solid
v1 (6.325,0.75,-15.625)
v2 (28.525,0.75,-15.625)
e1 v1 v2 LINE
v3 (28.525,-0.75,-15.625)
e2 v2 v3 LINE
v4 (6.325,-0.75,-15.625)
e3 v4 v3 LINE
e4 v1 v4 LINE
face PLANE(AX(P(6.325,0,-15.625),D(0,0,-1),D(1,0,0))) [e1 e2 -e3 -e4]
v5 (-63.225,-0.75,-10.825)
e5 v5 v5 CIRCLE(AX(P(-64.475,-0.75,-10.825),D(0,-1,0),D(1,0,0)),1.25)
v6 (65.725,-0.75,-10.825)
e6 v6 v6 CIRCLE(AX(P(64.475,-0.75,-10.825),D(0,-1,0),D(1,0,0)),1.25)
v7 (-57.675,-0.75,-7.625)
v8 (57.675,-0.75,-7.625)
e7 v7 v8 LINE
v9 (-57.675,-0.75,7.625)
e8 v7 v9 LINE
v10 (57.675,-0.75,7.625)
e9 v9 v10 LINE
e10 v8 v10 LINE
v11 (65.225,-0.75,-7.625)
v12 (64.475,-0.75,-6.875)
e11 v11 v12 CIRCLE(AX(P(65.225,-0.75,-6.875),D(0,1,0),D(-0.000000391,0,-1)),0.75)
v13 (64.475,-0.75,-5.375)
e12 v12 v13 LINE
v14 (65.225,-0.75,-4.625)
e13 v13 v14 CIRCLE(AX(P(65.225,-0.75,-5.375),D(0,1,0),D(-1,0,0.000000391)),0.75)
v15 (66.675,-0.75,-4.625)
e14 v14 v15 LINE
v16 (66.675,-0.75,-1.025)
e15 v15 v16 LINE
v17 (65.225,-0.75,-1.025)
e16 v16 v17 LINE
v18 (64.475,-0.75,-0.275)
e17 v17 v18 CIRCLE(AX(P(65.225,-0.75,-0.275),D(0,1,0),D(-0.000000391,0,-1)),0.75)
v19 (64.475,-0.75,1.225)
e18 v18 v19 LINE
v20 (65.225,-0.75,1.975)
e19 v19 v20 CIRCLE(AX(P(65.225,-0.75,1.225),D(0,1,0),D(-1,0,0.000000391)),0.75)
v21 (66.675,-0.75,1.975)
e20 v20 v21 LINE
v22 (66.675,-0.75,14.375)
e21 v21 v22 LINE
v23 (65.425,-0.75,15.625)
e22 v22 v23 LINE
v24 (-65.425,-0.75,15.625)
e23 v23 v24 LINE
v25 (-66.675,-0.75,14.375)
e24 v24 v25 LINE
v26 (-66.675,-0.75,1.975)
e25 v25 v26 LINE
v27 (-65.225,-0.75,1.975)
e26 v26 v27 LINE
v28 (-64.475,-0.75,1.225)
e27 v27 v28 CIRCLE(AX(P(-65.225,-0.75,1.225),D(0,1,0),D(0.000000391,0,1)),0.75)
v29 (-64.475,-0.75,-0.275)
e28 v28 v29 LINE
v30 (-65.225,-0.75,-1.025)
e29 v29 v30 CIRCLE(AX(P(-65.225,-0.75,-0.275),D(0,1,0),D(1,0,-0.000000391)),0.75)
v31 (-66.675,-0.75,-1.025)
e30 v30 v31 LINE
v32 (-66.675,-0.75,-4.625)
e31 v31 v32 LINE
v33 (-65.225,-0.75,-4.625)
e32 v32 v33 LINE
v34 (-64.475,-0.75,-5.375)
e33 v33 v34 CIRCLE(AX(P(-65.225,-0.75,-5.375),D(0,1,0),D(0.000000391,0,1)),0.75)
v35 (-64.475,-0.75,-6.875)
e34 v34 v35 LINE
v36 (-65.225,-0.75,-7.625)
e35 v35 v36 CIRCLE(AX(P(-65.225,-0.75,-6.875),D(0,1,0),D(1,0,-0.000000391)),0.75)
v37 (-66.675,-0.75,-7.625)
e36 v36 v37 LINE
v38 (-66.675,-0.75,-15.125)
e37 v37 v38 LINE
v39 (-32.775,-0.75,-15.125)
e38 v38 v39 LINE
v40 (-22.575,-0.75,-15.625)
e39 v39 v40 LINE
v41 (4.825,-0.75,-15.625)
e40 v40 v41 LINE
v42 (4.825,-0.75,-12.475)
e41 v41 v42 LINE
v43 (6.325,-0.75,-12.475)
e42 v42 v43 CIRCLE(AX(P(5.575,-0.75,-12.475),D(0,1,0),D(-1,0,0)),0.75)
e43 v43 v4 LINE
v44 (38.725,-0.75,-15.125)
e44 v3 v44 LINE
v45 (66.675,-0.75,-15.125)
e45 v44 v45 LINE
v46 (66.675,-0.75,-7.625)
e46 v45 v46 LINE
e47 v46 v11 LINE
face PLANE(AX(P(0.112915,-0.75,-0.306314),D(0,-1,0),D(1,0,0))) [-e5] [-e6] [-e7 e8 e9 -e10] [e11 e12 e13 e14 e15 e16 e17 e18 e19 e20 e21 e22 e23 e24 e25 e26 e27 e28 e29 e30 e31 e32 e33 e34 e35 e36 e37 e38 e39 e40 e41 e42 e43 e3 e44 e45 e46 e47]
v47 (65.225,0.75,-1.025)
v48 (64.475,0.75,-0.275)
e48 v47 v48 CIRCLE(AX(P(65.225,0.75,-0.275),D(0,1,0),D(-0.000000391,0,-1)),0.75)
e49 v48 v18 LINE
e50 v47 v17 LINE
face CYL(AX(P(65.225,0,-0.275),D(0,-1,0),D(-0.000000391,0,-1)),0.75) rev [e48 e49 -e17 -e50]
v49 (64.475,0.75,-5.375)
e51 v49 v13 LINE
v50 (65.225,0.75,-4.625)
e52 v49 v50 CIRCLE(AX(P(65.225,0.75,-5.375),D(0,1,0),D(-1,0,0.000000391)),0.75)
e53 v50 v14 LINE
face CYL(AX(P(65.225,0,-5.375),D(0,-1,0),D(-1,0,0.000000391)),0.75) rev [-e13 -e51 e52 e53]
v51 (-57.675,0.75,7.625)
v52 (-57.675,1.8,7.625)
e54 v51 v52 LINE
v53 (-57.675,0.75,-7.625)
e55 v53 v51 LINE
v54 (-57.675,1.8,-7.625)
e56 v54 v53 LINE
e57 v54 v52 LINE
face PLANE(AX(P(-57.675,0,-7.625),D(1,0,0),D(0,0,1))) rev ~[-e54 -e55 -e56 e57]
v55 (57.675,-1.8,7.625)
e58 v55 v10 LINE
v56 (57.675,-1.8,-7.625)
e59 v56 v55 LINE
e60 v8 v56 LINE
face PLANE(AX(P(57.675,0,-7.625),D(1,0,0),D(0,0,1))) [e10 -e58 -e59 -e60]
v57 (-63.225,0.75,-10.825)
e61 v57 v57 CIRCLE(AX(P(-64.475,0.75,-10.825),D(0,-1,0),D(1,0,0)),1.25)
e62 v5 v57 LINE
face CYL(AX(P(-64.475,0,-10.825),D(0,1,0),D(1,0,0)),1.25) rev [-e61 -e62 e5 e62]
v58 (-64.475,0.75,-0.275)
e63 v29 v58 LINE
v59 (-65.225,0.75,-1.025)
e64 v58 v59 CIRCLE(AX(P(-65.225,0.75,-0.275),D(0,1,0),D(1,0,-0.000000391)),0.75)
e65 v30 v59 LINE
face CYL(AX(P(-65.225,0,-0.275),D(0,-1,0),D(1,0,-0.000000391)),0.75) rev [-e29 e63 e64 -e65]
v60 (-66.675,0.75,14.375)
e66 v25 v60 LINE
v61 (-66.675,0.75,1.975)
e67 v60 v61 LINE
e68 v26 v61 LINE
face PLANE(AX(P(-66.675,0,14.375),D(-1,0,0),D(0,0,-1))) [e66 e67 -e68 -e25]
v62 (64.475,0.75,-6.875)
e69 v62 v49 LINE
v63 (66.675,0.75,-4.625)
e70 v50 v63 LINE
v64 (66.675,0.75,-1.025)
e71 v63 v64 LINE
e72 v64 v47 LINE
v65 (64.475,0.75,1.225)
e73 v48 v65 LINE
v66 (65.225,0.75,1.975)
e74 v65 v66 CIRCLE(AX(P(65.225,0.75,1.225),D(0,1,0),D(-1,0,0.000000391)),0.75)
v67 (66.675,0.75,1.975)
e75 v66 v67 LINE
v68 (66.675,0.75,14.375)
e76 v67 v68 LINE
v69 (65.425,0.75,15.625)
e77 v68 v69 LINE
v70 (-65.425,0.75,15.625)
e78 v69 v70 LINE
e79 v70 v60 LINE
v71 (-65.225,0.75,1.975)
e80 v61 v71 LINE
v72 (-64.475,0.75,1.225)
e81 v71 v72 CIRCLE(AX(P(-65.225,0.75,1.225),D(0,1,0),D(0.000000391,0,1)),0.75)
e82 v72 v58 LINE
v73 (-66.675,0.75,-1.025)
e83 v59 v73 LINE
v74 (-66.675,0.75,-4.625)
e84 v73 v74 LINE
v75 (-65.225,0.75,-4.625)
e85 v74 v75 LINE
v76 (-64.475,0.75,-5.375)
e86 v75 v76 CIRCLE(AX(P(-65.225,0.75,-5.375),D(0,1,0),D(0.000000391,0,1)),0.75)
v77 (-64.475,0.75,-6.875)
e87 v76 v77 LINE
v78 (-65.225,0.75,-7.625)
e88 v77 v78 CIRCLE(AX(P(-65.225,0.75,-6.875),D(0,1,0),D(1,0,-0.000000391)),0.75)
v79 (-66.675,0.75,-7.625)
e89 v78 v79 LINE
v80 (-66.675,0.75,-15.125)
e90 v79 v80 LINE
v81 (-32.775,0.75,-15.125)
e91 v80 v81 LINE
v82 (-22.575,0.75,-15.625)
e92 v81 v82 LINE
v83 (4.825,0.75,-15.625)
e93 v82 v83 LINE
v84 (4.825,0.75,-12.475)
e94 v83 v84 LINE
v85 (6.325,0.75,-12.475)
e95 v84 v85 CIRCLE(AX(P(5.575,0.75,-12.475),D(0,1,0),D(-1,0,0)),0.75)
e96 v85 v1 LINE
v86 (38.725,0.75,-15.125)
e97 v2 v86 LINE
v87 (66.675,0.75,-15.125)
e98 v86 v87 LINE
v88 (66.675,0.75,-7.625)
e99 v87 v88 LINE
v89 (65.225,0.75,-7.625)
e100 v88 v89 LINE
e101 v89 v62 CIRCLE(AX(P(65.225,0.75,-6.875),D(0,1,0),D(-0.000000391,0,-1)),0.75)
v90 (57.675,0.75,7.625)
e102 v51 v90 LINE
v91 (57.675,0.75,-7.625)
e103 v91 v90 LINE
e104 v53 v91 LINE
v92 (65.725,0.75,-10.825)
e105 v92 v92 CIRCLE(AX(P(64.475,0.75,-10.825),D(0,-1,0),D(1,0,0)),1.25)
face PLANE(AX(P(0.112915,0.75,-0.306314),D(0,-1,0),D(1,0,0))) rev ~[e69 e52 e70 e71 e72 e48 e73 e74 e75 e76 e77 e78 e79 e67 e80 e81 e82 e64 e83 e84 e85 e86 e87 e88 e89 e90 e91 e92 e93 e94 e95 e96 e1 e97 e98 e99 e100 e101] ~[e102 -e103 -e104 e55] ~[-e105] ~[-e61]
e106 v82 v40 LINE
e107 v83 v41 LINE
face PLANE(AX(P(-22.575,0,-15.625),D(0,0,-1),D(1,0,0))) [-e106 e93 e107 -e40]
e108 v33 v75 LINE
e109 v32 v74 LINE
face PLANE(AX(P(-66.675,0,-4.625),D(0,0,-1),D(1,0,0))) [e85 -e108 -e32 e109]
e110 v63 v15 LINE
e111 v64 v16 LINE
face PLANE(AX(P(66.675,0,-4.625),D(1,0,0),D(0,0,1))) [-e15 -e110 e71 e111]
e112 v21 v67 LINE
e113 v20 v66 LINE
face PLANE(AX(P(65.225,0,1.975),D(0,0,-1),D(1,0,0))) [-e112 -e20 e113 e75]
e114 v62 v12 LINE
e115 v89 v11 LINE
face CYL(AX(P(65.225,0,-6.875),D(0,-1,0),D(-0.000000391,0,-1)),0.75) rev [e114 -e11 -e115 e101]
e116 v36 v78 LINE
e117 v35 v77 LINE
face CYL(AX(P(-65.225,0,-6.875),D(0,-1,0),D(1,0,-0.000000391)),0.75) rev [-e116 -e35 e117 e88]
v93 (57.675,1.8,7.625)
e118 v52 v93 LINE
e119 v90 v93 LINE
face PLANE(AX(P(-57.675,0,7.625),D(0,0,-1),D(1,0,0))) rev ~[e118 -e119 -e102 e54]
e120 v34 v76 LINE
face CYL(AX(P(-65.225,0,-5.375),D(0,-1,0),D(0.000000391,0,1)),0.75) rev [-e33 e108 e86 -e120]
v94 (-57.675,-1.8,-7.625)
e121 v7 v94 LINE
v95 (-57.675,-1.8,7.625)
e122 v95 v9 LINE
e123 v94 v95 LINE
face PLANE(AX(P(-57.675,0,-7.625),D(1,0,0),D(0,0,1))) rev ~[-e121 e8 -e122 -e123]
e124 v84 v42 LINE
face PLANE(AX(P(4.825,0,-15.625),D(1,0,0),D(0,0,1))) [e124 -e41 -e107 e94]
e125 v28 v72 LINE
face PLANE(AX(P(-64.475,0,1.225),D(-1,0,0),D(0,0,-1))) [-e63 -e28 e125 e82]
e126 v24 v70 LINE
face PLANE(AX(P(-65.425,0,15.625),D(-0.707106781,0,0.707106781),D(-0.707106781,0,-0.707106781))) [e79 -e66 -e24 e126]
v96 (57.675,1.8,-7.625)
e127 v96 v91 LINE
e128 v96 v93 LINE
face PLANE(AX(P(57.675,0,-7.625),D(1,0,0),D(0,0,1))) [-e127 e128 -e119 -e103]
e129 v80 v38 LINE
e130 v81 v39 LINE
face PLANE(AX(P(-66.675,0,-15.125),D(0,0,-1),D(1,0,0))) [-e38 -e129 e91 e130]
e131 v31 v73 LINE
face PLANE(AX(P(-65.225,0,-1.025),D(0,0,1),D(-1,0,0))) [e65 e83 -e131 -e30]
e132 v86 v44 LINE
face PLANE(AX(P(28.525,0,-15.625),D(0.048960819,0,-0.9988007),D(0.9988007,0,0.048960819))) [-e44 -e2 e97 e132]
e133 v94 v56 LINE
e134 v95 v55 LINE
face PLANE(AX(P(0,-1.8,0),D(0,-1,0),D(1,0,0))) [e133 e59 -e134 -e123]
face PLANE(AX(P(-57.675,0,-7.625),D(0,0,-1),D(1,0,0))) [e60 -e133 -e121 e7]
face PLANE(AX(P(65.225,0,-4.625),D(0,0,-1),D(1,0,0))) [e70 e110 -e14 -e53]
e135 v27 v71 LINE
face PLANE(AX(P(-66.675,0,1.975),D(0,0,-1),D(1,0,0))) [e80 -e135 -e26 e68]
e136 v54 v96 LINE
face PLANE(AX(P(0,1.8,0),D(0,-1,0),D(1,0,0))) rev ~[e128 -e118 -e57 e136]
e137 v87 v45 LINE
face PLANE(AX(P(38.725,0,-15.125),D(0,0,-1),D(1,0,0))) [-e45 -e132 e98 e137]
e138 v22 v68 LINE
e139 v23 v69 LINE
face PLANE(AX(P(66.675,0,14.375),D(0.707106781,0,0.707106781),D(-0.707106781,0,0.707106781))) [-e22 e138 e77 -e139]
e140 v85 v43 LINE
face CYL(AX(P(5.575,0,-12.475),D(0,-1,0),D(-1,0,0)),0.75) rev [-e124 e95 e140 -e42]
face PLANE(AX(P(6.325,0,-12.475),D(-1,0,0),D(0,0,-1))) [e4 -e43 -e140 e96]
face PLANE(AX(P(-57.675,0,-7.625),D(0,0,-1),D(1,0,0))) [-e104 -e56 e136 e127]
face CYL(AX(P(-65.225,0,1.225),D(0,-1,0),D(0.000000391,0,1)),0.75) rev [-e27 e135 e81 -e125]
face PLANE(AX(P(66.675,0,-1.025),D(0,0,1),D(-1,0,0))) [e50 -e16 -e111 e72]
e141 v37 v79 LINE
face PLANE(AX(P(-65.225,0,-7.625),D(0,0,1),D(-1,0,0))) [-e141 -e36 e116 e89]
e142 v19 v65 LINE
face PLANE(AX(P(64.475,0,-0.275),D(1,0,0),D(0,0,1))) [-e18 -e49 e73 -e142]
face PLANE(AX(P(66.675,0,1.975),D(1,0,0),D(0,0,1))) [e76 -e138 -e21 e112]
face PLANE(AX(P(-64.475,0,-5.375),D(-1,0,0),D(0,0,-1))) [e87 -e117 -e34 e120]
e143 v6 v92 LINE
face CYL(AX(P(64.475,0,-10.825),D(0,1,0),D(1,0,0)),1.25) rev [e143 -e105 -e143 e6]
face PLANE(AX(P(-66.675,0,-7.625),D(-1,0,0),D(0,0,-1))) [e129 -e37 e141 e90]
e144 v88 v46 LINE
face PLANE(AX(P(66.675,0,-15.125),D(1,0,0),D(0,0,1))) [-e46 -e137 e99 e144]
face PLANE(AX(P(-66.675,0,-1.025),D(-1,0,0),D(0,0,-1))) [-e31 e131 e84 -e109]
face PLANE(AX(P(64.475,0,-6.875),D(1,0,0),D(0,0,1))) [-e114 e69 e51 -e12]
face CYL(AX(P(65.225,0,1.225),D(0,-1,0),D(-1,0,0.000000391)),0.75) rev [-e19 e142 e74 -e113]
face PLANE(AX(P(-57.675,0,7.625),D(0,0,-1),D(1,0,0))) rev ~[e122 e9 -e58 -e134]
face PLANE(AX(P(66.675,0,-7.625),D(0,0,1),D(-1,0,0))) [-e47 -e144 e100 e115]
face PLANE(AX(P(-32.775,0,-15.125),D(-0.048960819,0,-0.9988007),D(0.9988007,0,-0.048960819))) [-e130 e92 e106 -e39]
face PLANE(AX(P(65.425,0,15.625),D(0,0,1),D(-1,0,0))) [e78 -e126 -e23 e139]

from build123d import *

# Parameters (mm, degrees)
F0_R     = 1.25
F1_DEPTH = 0.75
F2_W     = 115.35
F2_H     = 15.25
F3_DEPTH = 1.8


with BuildPart() as f1:
    # F0 (on Front) → F1 (new body, symmetric)
    with BuildSketch(Plane.XZ):
        with BuildLine():
            Line((-66.675, -7.625), (-66.675, -15.125))
            Line((-66.675, -15.125), (-32.775, -15.125))
            Line((-32.775, -15.125), (-22.575, -15.625))
            Line((-22.575, -15.625), (4.825, -15.625))
            Line((4.825, -15.625), (4.825, -12.475))
            ThreePointArc((4.825, -12.475), (5.575, -11.725), (6.325, -12.475))
            Line((6.325, -12.475), (6.325, -15.625))
            Line((6.325, -15.625), (28.525, -15.625))
            Line((28.525, -15.625), (38.725, -15.125))
            Line((38.725, -15.125), (66.675, -15.125))
            Line((66.675, -15.125), (66.675, -7.625))
            Line((66.675, -7.625), (65.225, -7.625))
            ThreePointArc((65.225, -7.625), (64.69467, -7.40533), (64.475, -6.875))
            Line((64.475, -6.875), (64.475, -5.375))
            ThreePointArc((64.475, -5.375), (64.69467, -4.84467), (65.225, -4.625))
            Line((65.225, -4.625), (66.675, -4.625))
            Line((66.675, -4.625), (66.675, -1.025))
            Line((66.675, -1.025), (65.225, -1.025))
            ThreePointArc((65.225, -1.025), (64.69467, -0.80533), (64.475, -0.275))
            Line((64.475, -0.275), (64.475, 1.225))
            ThreePointArc((64.475, 1.225), (64.69467, 1.75533), (65.225, 1.975))
            Line((65.225, 1.975), (66.675, 1.975))
            Line((66.675, 1.975), (66.675, 14.375))
            Line((66.675, 14.375), (65.425, 15.625))
            Line((65.425, 15.625), (-65.425, 15.625))
            Line((-65.425, 15.625), (-66.675, 14.375))
            Line((-66.675, 14.375), (-66.675, 1.975))
            Line((-66.675, 1.975), (-65.225, 1.975))
            ThreePointArc((-65.225, 1.975), (-64.69467, 1.75533), (-64.475, 1.225))
            Line((-64.475, 1.225), (-64.475, -0.275))
            ThreePointArc((-64.475, -0.275), (-64.69467, -0.80533), (-65.225, -1.025))
            Line((-65.225, -1.025), (-66.675, -1.025))
            Line((-66.675, -1.025), (-66.675, -4.625))
            Line((-66.675, -4.625), (-65.225, -4.625))
            ThreePointArc((-65.225, -4.625), (-64.69467, -4.84467), (-64.475, -5.375))
            Line((-64.475, -5.375), (-64.475, -6.875))
            ThreePointArc((-64.475, -6.875), (-64.69467, -7.40533), (-65.225, -7.625))
            Line((-65.225, -7.625), (-66.675, -7.625))
        make_face()
        with Locations((-64.475, -10.825)):
            Circle(F0_R, mode=Mode.SUBTRACT)
        with Locations((64.475, -10.825)):
            Circle(F0_R, mode=Mode.SUBTRACT)
    extrude(amount=F1_DEPTH, both=True)

    # F2 (on Front) → F3 (join, symmetric)
    with BuildSketch(Plane.XZ):
        Rectangle(F2_W, F2_H)
    extrude(amount=F3_DEPTH, both=True)


solid = f1.part
